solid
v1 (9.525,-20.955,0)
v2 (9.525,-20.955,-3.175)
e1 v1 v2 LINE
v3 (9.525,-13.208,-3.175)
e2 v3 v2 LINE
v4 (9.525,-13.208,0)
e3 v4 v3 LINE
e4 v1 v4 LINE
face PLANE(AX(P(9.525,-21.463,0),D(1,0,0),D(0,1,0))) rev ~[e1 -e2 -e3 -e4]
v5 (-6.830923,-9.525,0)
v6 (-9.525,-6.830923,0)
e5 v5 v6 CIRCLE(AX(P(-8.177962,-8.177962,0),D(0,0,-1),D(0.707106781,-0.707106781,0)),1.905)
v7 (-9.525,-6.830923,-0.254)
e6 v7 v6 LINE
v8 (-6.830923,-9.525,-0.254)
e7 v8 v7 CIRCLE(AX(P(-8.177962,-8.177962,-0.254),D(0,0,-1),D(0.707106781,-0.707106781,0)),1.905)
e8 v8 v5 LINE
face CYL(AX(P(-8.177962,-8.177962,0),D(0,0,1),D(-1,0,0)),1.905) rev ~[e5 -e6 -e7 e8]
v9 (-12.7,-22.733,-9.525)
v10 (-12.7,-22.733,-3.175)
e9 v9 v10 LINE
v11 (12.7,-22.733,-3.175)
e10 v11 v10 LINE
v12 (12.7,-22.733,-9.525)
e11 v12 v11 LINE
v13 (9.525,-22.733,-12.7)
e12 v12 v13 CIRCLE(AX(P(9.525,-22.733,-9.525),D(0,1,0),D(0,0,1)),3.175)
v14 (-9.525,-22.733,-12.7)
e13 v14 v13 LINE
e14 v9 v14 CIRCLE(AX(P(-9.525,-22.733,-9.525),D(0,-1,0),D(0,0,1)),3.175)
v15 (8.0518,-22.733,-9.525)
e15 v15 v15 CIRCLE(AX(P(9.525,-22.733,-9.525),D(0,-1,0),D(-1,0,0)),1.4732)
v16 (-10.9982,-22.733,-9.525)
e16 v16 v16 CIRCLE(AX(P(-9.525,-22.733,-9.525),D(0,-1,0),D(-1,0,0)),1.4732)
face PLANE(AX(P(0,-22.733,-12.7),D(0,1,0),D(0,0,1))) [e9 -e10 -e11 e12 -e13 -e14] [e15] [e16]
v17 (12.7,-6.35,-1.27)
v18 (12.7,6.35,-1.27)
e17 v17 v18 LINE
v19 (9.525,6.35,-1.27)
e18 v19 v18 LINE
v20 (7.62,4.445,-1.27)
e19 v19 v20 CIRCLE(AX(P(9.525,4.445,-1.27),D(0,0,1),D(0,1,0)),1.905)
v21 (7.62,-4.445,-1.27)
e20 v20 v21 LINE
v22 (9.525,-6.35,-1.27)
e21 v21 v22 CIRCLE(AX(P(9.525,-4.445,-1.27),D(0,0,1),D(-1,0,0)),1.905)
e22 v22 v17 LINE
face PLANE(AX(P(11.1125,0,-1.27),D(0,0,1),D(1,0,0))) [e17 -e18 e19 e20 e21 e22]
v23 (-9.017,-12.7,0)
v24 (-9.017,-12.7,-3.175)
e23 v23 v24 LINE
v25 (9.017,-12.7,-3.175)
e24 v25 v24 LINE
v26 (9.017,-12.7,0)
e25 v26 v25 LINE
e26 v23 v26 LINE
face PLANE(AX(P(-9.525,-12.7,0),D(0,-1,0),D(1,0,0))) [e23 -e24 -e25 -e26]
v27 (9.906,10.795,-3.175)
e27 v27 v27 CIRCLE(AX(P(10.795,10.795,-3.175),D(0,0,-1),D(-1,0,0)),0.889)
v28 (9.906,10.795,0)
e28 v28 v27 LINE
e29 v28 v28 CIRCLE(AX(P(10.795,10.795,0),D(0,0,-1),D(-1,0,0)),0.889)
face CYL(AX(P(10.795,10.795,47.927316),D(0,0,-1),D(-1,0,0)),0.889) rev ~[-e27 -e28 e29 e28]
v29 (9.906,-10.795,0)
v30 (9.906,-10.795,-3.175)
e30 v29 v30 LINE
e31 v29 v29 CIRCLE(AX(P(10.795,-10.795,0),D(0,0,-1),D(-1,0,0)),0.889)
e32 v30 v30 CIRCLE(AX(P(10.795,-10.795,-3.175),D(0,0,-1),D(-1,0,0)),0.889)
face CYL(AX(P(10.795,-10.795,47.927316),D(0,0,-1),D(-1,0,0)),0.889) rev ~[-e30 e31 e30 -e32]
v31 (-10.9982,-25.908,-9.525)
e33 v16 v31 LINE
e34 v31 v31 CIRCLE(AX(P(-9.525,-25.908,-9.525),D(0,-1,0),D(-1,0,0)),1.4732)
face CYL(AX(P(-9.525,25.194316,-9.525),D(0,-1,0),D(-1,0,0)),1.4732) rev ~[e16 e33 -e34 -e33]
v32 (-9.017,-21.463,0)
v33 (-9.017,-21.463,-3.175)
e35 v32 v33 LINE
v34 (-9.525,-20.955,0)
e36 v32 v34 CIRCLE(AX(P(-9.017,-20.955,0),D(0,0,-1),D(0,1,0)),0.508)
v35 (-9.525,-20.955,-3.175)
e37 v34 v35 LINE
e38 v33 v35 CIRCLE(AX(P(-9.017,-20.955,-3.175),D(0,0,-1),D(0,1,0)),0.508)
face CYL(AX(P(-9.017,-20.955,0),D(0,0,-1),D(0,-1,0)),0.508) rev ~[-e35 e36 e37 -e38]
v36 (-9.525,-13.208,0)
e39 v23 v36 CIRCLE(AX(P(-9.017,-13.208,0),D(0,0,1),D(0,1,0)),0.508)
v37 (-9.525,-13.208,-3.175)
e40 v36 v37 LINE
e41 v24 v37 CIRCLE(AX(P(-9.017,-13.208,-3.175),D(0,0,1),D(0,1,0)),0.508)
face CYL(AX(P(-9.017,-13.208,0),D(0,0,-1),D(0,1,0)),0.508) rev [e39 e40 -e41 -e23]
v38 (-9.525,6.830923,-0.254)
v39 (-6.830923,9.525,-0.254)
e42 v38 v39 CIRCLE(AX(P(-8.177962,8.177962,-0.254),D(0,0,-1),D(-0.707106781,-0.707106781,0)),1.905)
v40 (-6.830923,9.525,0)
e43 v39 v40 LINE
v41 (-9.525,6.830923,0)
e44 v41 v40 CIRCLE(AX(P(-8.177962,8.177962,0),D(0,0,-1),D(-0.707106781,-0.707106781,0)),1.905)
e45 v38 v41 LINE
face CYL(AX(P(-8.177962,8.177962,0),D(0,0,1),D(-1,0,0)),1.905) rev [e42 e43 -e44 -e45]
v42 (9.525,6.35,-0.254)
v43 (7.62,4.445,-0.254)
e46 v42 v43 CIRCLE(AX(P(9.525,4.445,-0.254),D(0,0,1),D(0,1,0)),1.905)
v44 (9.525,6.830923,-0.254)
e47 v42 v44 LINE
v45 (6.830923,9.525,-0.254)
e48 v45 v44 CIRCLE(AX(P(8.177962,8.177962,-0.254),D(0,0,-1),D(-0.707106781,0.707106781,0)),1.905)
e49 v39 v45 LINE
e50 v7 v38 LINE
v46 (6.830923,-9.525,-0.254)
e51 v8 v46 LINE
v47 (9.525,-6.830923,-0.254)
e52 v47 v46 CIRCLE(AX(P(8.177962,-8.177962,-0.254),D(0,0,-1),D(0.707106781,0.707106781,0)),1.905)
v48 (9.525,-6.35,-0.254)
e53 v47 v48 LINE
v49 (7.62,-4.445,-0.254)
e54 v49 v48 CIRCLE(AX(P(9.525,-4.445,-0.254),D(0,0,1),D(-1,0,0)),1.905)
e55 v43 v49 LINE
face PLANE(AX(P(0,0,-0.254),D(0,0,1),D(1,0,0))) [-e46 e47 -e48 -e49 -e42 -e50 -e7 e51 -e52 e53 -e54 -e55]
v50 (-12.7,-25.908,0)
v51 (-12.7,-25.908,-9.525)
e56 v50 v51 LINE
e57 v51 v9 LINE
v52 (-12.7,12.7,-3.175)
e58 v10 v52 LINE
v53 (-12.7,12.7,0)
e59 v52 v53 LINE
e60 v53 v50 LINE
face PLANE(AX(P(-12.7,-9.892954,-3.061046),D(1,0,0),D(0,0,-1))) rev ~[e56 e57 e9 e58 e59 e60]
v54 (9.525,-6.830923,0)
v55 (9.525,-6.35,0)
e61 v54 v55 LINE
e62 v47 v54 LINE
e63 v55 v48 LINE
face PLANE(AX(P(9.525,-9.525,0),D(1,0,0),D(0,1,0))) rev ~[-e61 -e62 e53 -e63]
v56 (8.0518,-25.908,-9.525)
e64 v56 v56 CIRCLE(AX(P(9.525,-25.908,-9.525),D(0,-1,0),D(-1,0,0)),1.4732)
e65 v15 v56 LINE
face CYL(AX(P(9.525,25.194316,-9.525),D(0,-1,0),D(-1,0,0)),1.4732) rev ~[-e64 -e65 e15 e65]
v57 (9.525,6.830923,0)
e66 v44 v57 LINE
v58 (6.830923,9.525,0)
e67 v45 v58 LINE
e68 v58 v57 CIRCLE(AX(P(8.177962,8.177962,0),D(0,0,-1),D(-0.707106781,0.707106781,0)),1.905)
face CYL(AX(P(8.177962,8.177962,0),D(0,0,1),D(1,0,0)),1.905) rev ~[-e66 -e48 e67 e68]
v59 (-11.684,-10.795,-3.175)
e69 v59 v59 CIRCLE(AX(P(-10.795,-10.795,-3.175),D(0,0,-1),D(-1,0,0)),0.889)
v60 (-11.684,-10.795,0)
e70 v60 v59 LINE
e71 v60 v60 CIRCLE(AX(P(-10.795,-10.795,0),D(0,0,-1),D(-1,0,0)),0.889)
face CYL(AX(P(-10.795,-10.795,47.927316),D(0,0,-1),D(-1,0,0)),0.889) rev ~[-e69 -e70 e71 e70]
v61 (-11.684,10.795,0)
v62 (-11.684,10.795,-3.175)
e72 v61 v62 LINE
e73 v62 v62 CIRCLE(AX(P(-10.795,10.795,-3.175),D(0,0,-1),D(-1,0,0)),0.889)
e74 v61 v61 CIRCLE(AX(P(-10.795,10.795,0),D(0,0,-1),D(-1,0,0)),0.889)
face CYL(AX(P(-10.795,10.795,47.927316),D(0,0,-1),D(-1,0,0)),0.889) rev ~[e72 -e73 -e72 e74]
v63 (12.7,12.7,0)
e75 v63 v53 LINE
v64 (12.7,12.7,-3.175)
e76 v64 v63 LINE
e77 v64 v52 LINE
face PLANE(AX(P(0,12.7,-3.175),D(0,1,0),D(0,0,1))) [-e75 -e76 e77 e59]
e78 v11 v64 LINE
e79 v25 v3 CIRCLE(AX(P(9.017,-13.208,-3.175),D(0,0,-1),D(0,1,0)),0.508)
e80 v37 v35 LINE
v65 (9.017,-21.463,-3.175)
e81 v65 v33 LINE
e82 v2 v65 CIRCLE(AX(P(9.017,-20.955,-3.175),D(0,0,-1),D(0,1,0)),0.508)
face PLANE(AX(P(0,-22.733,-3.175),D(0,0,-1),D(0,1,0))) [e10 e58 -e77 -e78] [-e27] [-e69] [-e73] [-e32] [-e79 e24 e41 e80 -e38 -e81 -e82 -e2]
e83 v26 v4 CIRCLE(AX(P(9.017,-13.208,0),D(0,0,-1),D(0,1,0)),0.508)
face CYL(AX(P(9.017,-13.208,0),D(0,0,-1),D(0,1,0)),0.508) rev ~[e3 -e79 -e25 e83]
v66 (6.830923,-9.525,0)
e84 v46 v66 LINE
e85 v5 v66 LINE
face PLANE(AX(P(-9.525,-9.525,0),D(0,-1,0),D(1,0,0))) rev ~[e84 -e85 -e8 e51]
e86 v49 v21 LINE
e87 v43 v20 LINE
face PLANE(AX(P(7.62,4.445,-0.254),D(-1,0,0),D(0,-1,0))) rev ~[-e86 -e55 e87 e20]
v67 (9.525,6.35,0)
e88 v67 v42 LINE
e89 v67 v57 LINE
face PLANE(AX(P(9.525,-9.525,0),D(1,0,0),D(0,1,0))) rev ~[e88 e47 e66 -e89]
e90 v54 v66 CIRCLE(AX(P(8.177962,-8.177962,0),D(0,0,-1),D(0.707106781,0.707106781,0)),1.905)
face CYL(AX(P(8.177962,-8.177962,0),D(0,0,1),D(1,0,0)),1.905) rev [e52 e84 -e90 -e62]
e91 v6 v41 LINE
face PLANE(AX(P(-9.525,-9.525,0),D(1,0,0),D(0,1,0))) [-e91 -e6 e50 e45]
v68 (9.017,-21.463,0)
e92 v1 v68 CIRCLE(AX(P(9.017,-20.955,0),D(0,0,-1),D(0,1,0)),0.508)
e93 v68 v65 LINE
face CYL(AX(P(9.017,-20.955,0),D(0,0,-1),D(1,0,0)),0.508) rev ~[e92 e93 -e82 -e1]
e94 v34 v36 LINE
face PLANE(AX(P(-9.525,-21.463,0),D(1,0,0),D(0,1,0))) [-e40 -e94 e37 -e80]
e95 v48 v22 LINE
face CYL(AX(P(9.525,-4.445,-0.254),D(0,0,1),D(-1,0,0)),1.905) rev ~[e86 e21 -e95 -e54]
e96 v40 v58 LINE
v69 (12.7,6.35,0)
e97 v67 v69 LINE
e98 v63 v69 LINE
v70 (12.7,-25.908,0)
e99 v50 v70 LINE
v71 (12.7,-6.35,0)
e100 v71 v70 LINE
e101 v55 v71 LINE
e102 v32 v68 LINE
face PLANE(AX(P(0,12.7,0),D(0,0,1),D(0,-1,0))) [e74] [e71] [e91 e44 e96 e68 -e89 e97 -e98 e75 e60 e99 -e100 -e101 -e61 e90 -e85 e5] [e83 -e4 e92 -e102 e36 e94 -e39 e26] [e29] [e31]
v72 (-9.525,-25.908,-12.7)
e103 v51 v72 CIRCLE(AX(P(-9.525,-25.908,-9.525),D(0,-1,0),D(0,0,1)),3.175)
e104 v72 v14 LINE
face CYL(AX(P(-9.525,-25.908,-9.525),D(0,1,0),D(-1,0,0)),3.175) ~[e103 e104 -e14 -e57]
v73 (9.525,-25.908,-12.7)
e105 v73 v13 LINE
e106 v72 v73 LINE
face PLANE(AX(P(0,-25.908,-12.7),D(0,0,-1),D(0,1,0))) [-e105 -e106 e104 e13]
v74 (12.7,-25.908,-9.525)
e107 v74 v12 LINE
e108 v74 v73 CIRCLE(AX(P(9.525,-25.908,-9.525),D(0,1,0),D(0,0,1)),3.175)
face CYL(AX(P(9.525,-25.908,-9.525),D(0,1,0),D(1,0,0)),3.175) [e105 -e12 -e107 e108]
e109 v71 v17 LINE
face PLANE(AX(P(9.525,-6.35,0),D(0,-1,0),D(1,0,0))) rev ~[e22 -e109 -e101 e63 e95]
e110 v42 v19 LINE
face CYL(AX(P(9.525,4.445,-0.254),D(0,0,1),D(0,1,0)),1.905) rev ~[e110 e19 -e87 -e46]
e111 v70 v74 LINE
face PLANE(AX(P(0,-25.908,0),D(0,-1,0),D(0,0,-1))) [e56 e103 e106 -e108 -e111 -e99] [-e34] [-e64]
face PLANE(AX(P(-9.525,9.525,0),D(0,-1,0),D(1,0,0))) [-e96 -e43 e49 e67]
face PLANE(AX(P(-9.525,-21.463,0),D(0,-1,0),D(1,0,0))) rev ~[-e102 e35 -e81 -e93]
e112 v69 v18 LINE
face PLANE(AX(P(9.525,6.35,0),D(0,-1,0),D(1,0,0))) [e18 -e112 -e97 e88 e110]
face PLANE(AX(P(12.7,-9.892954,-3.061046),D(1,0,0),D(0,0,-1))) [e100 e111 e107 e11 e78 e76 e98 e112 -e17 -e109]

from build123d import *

# Parameters (mm, degrees)
BOSS_EXTRUDE1_DEPTH     = 12.7
SKETCH2_W               = 19.05
SKETCH2_H               = 19.05
CUT_EXTRUDE1_DEPTH      = 0.254
SKETCH3_W               = 3.175
SKETCH3_H               = 12.7
CUT_EXTRUDE2_DEPTH      = 1.27
SKETCH4_R               = 1.905
CUT_EXTRUDE3_DEPTH      = 0.254
MIRROR2_COPY_1_SKETCH_R = 1.905
MIRROR2_COPY_1_DEPTH    = 0.254
CUT_EXTRUDE4_DEPTH      = 1.016
FILLET1_R               = 3.175
F_2_56_TAPPED_HOLE1_D   = 1.778
SKETCH8_W               = 19.05
SKETCH8_H               = 8.763
CUT_EXTRUDE5_DEPTH      = 13.7
FILLET2_R               = 0.508
F_4_CLEARANCE_HOLE1_D   = 2.9464


with BuildPart() as part:
    # Sketch1 → Boss-Extrude1 (new body, symmetric)
    with BuildSketch(Plane(origin=(0, 0, 0), x_dir=(0, 0, -1), z_dir=(1, 0, 0))):
        Polygon((0, 12.7), (0, -25.908), (12.7, -25.908), (12.7, -22.733), (3.175, -22.733), (3.175, 12.7), align=None)
    extrude(amount=BOSS_EXTRUDE1_DEPTH, both=True)

    # Sketch2 → Cut-Extrude1 (cut)
    with BuildSketch(Plane.XY):
        Rectangle(SKETCH2_W, SKETCH2_H)
    extrude(amount=-CUT_EXTRUDE1_DEPTH, mode=Mode.SUBTRACT)

    # Sketch3 → Cut-Extrude2 (cut)
    with BuildSketch(Plane.XY):
        with Locations((11.1125, 0)):
            Rectangle(SKETCH3_W, SKETCH3_H)
    extrude(amount=-CUT_EXTRUDE2_DEPTH, mode=Mode.SUBTRACT)

    # Sketch4 → Cut-Extrude3 (cut)
    with BuildSketch(Plane.XY):
        with Locations((8.177961582, 8.177961582)):
            Circle(SKETCH4_R)
    cut_extrude3 = extrude(amount=-CUT_EXTRUDE3_DEPTH, mode=Mode.SUBTRACT)

    # Mirror1: Cut-Extrude3 across plane
    add(cut_extrude3.mirror(Plane(origin=(0, 0, 0), x_dir=(0, 0, 1), z_dir=(1, 0, 0))), mode=Mode.SUBTRACT)

    # Mirror2: Cut-Extrude3 across plane
    add(cut_extrude3.mirror(Plane.ZX), mode=Mode.SUBTRACT)

    # Mirror2 copy 1 sketch → Mirror2 copy 1 (cut)
    with BuildSketch(Plane(origin=(0, 0, 0), x_dir=(-1, 0, 0), z_dir=(0, 0, 1))):
        with Locations((8.177961582, 8.177961582)):
            Circle(MIRROR2_COPY_1_SKETCH_R)
    extrude(amount=-MIRROR2_COPY_1_DEPTH, mode=Mode.SUBTRACT)

    # Sketch5 → Cut-Extrude4 (cut)
    with BuildSketch(Plane.XY.offset(-0.254)):
        with BuildLine():
            Line((7.62, 4.445), (7.62, -4.445))
            ThreePointArc((7.62, -4.445), (8.177961582, -5.792038418), (9.525, -6.35))
            Line((9.525, -6.35), (9.525, 6.35))
            ThreePointArc((9.525, 6.35), (8.177961582, 5.792038418), (7.62, 4.445))
        make_face()
    extrude(amount=-CUT_EXTRUDE4_DEPTH, mode=Mode.SUBTRACT)

    # Fillet1
    fillet1_edges = [part.edges().sort_by_distance(p)[0] for p in [
        (12.7, -24.3205, -12.7),
        (-12.7, -24.3205, -12.7),
    ]]
    fillet(fillet1_edges, radius=FILLET1_R)

    # #2-56 Tapped Hole1 (through all)
    with Locations(Plane.XY):
        with Locations((-10.795, 10.795), (10.795, 10.795), (10.795, -10.795), (-10.795, -10.795)):
            Hole(F_2_56_TAPPED_HOLE1_D / 2)

    # Sketch8 → Cut-Extrude5 (cut, through all)
    with BuildSketch(Plane.XY):
        with Locations((0, -17.0815)):
            Rectangle(SKETCH8_W, SKETCH8_H)
    extrude(amount=-CUT_EXTRUDE5_DEPTH, mode=Mode.SUBTRACT)

    # Fillet2
    fillet2_edges = [part.edges().sort_by_distance(p)[0] for p in [
        (-9.525, -21.463, -1.5875),
        (-9.525, -12.7, -1.5875),
        (9.525, -12.7, -1.5875),
        (9.525, -21.463, -1.5875),
    ]]
    fillet(fillet2_edges, radius=FILLET2_R)

    # #4 Clearance Hole1 (through all)
    with Locations(Plane(origin=(0, -22.733, 0), x_dir=(1, 0, 0), z_dir=(0, 1, 0))):
        with Locations((-9.525, 9.525), (9.525, 9.525)):
            Hole(F_4_CLEARANCE_HOLE1_D / 2)


solid = part.part
